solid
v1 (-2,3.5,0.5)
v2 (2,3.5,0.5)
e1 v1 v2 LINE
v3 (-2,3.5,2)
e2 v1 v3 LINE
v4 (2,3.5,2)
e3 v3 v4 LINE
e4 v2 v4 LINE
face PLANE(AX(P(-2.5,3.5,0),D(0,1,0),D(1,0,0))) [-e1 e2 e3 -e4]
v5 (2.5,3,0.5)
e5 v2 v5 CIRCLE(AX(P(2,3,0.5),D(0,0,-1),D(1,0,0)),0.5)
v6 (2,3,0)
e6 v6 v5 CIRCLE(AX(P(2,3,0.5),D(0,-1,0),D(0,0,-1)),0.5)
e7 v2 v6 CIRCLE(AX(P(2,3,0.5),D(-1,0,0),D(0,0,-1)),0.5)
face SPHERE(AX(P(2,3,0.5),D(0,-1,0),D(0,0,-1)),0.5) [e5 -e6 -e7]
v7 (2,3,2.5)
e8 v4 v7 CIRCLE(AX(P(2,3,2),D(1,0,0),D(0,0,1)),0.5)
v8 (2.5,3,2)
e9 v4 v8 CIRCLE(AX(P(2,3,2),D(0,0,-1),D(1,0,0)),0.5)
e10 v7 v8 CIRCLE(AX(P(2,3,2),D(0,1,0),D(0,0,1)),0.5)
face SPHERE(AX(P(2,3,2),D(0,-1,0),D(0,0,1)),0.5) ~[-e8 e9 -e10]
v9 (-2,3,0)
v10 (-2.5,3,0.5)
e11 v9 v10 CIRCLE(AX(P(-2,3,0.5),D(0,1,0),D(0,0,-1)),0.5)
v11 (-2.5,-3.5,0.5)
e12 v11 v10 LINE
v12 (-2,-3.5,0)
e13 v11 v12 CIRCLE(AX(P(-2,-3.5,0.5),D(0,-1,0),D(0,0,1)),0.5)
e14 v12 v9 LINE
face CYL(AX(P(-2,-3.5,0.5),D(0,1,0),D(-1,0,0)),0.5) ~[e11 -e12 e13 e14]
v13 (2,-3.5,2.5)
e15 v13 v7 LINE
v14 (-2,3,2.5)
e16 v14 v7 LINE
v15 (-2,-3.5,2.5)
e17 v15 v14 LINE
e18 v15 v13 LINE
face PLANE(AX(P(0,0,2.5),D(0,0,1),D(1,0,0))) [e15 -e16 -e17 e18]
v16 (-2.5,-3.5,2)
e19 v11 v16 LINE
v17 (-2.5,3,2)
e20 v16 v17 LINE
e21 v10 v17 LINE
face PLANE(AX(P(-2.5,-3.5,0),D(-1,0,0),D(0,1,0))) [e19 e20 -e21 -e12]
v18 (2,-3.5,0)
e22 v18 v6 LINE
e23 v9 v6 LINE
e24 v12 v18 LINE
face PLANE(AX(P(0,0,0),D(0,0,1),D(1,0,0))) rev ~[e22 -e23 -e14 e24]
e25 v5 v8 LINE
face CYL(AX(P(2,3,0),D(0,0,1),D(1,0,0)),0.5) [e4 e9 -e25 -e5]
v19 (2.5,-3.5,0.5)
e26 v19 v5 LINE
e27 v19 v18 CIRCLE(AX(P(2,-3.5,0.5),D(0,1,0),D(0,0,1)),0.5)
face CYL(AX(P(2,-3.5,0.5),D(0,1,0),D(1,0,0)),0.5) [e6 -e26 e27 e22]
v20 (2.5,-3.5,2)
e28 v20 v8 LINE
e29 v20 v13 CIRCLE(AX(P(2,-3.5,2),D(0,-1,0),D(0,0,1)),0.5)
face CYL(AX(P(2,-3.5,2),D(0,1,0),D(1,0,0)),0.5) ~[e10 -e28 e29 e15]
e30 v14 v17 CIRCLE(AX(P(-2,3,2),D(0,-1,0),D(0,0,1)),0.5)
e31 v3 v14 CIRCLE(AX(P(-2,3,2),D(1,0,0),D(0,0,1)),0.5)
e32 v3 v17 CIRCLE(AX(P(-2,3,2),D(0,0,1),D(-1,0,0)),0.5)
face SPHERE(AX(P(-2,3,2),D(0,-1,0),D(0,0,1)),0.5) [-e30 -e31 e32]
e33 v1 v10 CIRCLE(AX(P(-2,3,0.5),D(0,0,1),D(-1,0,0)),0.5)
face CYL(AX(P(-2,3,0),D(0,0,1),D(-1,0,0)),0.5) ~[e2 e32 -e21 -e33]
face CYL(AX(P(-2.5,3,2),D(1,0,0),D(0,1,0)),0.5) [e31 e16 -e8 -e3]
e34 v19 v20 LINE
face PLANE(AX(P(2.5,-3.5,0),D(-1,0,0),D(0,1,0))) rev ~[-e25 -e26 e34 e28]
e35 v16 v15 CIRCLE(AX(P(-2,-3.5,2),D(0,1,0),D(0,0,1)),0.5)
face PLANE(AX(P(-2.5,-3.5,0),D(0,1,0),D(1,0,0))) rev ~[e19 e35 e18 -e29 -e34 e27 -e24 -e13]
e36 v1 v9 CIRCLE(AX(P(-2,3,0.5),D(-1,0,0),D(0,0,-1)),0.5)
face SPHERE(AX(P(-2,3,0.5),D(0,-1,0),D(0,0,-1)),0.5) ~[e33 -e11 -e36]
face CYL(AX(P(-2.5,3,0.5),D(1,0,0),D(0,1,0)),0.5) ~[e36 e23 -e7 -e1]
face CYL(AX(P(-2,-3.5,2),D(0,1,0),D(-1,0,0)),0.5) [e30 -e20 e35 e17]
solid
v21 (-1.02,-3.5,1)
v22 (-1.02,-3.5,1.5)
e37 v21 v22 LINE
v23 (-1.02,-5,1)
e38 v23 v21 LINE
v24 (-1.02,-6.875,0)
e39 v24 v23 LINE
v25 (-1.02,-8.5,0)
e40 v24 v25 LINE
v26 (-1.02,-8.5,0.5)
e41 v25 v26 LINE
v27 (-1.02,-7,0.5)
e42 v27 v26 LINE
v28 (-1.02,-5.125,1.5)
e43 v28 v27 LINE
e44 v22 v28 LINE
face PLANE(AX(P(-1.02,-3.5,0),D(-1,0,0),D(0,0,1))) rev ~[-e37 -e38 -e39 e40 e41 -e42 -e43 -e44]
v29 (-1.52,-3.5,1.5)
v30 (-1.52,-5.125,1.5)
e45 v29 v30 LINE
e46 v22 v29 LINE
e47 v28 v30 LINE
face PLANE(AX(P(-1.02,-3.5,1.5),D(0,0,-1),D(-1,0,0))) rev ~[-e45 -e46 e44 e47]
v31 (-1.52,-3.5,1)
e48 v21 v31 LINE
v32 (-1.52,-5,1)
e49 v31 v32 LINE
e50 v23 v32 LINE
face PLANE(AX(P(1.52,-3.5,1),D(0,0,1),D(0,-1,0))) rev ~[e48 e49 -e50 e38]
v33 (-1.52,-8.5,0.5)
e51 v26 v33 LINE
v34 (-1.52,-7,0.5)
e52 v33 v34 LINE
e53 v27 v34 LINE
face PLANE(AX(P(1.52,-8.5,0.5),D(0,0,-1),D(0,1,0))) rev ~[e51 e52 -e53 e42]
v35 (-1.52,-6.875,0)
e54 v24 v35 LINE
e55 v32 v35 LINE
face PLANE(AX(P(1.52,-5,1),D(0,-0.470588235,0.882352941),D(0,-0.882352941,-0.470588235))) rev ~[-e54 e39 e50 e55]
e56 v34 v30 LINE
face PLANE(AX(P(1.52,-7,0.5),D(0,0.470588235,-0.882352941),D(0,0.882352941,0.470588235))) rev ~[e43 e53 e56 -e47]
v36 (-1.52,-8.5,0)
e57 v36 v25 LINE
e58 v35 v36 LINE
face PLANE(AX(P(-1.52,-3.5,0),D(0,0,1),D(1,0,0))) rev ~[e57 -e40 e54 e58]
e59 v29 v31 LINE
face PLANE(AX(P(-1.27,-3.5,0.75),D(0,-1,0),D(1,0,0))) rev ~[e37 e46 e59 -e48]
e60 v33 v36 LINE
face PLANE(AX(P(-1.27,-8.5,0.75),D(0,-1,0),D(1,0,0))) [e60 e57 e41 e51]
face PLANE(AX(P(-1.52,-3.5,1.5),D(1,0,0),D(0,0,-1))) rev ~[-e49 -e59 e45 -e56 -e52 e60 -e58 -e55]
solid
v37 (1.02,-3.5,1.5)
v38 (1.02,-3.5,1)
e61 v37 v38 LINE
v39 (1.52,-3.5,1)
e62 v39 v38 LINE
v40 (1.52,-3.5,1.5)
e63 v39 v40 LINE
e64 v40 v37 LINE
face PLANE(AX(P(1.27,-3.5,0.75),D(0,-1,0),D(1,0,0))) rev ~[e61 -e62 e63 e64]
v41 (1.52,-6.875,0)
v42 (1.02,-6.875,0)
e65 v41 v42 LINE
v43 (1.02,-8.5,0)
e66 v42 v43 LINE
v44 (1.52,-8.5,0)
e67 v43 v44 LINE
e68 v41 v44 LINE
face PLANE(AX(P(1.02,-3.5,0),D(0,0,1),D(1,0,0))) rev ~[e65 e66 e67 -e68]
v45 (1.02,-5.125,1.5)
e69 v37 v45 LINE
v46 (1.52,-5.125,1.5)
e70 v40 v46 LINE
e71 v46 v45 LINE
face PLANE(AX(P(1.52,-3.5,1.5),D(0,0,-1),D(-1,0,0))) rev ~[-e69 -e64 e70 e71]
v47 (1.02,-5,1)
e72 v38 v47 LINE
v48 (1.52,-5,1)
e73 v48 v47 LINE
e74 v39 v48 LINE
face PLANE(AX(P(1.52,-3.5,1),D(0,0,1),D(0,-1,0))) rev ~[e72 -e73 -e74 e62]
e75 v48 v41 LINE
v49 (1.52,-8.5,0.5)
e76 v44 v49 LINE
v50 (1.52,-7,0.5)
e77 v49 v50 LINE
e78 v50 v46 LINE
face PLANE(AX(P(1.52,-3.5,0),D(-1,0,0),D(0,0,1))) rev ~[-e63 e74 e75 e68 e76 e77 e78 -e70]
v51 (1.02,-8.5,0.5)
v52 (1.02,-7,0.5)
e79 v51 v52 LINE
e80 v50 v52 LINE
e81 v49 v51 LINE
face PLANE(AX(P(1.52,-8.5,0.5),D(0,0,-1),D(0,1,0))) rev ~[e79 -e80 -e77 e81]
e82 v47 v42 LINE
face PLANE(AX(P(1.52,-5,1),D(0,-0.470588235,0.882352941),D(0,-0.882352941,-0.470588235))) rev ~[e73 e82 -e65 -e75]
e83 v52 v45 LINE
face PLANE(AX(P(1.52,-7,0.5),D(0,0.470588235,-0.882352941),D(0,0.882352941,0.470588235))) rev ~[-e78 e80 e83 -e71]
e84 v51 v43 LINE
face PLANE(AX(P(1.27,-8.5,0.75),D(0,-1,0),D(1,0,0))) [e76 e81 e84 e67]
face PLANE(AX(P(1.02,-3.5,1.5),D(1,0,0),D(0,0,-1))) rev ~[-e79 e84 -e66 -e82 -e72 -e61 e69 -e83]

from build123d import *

# Parameters (mm, degrees)
F0_W     = 5
F0_H     = 7
F1_DEPTH = 2.5
F3_R     = 0.5
F4_DEPTH = 5
F6_DEPTH = 4.021


with BuildPart() as f1:
    # F0 (on Top) → F1 (new body)
    with BuildSketch(Plane.XY):
        Rectangle(F0_W, F0_H)
    extrude(amount=F1_DEPTH)

    # F3
    f3_edges = [f1.edges().sort_by_distance(p)[0] for p in [
        (2.5, 0, 2.5),
        (2.5, 0, 0),
        (-2.5, 0, 0),
        (-2.5, 0, 2.5),
        (0, 3.5, 0),
        (0, 3.5, 2.5),
        (-2.5, 3.5, 1.25),
        (2.5, 3.5, 1.25),
    ]]
    fillet(f3_edges, radius=F3_R)


with BuildPart() as f4:
    # F2 (on face) → F4 (new body)
    with BuildSketch(Plane.XZ.offset(3.5)):
        Polygon((-1.02, 1), (-1.02, 1.5), (-1.52, 1.5), (-1.52, 1), (-1.52, 0), (-1.02, 0), align=None)
        Polygon((1.52, 1), (1.52, 1.5), (1.02, 1.5), (1.02, 1), (1.02, 0), (1.52, 0), align=None)
    extrude(amount=F4_DEPTH)

    # F5 (on face) → F6 (cut, through all)
    with BuildSketch(Plane.YZ.offset(1.52)):
        Polygon((-5.125, 1.5), (-8.5, 1.5), (-8.5, 1), (-8.5, 0.5), (-7, 0.5), (-6.0625, 1), align=None)
        Polygon((-5.9375, 0.5), (-6.875, 0), (-3.5, 0), (-3.5, 0.5), (-3.5, 1), (-5, 1), align=None)
    extrude(amount=-F6_DEPTH, mode=Mode.SUBTRACT)


solid = Compound([f1.part, f4.part])
